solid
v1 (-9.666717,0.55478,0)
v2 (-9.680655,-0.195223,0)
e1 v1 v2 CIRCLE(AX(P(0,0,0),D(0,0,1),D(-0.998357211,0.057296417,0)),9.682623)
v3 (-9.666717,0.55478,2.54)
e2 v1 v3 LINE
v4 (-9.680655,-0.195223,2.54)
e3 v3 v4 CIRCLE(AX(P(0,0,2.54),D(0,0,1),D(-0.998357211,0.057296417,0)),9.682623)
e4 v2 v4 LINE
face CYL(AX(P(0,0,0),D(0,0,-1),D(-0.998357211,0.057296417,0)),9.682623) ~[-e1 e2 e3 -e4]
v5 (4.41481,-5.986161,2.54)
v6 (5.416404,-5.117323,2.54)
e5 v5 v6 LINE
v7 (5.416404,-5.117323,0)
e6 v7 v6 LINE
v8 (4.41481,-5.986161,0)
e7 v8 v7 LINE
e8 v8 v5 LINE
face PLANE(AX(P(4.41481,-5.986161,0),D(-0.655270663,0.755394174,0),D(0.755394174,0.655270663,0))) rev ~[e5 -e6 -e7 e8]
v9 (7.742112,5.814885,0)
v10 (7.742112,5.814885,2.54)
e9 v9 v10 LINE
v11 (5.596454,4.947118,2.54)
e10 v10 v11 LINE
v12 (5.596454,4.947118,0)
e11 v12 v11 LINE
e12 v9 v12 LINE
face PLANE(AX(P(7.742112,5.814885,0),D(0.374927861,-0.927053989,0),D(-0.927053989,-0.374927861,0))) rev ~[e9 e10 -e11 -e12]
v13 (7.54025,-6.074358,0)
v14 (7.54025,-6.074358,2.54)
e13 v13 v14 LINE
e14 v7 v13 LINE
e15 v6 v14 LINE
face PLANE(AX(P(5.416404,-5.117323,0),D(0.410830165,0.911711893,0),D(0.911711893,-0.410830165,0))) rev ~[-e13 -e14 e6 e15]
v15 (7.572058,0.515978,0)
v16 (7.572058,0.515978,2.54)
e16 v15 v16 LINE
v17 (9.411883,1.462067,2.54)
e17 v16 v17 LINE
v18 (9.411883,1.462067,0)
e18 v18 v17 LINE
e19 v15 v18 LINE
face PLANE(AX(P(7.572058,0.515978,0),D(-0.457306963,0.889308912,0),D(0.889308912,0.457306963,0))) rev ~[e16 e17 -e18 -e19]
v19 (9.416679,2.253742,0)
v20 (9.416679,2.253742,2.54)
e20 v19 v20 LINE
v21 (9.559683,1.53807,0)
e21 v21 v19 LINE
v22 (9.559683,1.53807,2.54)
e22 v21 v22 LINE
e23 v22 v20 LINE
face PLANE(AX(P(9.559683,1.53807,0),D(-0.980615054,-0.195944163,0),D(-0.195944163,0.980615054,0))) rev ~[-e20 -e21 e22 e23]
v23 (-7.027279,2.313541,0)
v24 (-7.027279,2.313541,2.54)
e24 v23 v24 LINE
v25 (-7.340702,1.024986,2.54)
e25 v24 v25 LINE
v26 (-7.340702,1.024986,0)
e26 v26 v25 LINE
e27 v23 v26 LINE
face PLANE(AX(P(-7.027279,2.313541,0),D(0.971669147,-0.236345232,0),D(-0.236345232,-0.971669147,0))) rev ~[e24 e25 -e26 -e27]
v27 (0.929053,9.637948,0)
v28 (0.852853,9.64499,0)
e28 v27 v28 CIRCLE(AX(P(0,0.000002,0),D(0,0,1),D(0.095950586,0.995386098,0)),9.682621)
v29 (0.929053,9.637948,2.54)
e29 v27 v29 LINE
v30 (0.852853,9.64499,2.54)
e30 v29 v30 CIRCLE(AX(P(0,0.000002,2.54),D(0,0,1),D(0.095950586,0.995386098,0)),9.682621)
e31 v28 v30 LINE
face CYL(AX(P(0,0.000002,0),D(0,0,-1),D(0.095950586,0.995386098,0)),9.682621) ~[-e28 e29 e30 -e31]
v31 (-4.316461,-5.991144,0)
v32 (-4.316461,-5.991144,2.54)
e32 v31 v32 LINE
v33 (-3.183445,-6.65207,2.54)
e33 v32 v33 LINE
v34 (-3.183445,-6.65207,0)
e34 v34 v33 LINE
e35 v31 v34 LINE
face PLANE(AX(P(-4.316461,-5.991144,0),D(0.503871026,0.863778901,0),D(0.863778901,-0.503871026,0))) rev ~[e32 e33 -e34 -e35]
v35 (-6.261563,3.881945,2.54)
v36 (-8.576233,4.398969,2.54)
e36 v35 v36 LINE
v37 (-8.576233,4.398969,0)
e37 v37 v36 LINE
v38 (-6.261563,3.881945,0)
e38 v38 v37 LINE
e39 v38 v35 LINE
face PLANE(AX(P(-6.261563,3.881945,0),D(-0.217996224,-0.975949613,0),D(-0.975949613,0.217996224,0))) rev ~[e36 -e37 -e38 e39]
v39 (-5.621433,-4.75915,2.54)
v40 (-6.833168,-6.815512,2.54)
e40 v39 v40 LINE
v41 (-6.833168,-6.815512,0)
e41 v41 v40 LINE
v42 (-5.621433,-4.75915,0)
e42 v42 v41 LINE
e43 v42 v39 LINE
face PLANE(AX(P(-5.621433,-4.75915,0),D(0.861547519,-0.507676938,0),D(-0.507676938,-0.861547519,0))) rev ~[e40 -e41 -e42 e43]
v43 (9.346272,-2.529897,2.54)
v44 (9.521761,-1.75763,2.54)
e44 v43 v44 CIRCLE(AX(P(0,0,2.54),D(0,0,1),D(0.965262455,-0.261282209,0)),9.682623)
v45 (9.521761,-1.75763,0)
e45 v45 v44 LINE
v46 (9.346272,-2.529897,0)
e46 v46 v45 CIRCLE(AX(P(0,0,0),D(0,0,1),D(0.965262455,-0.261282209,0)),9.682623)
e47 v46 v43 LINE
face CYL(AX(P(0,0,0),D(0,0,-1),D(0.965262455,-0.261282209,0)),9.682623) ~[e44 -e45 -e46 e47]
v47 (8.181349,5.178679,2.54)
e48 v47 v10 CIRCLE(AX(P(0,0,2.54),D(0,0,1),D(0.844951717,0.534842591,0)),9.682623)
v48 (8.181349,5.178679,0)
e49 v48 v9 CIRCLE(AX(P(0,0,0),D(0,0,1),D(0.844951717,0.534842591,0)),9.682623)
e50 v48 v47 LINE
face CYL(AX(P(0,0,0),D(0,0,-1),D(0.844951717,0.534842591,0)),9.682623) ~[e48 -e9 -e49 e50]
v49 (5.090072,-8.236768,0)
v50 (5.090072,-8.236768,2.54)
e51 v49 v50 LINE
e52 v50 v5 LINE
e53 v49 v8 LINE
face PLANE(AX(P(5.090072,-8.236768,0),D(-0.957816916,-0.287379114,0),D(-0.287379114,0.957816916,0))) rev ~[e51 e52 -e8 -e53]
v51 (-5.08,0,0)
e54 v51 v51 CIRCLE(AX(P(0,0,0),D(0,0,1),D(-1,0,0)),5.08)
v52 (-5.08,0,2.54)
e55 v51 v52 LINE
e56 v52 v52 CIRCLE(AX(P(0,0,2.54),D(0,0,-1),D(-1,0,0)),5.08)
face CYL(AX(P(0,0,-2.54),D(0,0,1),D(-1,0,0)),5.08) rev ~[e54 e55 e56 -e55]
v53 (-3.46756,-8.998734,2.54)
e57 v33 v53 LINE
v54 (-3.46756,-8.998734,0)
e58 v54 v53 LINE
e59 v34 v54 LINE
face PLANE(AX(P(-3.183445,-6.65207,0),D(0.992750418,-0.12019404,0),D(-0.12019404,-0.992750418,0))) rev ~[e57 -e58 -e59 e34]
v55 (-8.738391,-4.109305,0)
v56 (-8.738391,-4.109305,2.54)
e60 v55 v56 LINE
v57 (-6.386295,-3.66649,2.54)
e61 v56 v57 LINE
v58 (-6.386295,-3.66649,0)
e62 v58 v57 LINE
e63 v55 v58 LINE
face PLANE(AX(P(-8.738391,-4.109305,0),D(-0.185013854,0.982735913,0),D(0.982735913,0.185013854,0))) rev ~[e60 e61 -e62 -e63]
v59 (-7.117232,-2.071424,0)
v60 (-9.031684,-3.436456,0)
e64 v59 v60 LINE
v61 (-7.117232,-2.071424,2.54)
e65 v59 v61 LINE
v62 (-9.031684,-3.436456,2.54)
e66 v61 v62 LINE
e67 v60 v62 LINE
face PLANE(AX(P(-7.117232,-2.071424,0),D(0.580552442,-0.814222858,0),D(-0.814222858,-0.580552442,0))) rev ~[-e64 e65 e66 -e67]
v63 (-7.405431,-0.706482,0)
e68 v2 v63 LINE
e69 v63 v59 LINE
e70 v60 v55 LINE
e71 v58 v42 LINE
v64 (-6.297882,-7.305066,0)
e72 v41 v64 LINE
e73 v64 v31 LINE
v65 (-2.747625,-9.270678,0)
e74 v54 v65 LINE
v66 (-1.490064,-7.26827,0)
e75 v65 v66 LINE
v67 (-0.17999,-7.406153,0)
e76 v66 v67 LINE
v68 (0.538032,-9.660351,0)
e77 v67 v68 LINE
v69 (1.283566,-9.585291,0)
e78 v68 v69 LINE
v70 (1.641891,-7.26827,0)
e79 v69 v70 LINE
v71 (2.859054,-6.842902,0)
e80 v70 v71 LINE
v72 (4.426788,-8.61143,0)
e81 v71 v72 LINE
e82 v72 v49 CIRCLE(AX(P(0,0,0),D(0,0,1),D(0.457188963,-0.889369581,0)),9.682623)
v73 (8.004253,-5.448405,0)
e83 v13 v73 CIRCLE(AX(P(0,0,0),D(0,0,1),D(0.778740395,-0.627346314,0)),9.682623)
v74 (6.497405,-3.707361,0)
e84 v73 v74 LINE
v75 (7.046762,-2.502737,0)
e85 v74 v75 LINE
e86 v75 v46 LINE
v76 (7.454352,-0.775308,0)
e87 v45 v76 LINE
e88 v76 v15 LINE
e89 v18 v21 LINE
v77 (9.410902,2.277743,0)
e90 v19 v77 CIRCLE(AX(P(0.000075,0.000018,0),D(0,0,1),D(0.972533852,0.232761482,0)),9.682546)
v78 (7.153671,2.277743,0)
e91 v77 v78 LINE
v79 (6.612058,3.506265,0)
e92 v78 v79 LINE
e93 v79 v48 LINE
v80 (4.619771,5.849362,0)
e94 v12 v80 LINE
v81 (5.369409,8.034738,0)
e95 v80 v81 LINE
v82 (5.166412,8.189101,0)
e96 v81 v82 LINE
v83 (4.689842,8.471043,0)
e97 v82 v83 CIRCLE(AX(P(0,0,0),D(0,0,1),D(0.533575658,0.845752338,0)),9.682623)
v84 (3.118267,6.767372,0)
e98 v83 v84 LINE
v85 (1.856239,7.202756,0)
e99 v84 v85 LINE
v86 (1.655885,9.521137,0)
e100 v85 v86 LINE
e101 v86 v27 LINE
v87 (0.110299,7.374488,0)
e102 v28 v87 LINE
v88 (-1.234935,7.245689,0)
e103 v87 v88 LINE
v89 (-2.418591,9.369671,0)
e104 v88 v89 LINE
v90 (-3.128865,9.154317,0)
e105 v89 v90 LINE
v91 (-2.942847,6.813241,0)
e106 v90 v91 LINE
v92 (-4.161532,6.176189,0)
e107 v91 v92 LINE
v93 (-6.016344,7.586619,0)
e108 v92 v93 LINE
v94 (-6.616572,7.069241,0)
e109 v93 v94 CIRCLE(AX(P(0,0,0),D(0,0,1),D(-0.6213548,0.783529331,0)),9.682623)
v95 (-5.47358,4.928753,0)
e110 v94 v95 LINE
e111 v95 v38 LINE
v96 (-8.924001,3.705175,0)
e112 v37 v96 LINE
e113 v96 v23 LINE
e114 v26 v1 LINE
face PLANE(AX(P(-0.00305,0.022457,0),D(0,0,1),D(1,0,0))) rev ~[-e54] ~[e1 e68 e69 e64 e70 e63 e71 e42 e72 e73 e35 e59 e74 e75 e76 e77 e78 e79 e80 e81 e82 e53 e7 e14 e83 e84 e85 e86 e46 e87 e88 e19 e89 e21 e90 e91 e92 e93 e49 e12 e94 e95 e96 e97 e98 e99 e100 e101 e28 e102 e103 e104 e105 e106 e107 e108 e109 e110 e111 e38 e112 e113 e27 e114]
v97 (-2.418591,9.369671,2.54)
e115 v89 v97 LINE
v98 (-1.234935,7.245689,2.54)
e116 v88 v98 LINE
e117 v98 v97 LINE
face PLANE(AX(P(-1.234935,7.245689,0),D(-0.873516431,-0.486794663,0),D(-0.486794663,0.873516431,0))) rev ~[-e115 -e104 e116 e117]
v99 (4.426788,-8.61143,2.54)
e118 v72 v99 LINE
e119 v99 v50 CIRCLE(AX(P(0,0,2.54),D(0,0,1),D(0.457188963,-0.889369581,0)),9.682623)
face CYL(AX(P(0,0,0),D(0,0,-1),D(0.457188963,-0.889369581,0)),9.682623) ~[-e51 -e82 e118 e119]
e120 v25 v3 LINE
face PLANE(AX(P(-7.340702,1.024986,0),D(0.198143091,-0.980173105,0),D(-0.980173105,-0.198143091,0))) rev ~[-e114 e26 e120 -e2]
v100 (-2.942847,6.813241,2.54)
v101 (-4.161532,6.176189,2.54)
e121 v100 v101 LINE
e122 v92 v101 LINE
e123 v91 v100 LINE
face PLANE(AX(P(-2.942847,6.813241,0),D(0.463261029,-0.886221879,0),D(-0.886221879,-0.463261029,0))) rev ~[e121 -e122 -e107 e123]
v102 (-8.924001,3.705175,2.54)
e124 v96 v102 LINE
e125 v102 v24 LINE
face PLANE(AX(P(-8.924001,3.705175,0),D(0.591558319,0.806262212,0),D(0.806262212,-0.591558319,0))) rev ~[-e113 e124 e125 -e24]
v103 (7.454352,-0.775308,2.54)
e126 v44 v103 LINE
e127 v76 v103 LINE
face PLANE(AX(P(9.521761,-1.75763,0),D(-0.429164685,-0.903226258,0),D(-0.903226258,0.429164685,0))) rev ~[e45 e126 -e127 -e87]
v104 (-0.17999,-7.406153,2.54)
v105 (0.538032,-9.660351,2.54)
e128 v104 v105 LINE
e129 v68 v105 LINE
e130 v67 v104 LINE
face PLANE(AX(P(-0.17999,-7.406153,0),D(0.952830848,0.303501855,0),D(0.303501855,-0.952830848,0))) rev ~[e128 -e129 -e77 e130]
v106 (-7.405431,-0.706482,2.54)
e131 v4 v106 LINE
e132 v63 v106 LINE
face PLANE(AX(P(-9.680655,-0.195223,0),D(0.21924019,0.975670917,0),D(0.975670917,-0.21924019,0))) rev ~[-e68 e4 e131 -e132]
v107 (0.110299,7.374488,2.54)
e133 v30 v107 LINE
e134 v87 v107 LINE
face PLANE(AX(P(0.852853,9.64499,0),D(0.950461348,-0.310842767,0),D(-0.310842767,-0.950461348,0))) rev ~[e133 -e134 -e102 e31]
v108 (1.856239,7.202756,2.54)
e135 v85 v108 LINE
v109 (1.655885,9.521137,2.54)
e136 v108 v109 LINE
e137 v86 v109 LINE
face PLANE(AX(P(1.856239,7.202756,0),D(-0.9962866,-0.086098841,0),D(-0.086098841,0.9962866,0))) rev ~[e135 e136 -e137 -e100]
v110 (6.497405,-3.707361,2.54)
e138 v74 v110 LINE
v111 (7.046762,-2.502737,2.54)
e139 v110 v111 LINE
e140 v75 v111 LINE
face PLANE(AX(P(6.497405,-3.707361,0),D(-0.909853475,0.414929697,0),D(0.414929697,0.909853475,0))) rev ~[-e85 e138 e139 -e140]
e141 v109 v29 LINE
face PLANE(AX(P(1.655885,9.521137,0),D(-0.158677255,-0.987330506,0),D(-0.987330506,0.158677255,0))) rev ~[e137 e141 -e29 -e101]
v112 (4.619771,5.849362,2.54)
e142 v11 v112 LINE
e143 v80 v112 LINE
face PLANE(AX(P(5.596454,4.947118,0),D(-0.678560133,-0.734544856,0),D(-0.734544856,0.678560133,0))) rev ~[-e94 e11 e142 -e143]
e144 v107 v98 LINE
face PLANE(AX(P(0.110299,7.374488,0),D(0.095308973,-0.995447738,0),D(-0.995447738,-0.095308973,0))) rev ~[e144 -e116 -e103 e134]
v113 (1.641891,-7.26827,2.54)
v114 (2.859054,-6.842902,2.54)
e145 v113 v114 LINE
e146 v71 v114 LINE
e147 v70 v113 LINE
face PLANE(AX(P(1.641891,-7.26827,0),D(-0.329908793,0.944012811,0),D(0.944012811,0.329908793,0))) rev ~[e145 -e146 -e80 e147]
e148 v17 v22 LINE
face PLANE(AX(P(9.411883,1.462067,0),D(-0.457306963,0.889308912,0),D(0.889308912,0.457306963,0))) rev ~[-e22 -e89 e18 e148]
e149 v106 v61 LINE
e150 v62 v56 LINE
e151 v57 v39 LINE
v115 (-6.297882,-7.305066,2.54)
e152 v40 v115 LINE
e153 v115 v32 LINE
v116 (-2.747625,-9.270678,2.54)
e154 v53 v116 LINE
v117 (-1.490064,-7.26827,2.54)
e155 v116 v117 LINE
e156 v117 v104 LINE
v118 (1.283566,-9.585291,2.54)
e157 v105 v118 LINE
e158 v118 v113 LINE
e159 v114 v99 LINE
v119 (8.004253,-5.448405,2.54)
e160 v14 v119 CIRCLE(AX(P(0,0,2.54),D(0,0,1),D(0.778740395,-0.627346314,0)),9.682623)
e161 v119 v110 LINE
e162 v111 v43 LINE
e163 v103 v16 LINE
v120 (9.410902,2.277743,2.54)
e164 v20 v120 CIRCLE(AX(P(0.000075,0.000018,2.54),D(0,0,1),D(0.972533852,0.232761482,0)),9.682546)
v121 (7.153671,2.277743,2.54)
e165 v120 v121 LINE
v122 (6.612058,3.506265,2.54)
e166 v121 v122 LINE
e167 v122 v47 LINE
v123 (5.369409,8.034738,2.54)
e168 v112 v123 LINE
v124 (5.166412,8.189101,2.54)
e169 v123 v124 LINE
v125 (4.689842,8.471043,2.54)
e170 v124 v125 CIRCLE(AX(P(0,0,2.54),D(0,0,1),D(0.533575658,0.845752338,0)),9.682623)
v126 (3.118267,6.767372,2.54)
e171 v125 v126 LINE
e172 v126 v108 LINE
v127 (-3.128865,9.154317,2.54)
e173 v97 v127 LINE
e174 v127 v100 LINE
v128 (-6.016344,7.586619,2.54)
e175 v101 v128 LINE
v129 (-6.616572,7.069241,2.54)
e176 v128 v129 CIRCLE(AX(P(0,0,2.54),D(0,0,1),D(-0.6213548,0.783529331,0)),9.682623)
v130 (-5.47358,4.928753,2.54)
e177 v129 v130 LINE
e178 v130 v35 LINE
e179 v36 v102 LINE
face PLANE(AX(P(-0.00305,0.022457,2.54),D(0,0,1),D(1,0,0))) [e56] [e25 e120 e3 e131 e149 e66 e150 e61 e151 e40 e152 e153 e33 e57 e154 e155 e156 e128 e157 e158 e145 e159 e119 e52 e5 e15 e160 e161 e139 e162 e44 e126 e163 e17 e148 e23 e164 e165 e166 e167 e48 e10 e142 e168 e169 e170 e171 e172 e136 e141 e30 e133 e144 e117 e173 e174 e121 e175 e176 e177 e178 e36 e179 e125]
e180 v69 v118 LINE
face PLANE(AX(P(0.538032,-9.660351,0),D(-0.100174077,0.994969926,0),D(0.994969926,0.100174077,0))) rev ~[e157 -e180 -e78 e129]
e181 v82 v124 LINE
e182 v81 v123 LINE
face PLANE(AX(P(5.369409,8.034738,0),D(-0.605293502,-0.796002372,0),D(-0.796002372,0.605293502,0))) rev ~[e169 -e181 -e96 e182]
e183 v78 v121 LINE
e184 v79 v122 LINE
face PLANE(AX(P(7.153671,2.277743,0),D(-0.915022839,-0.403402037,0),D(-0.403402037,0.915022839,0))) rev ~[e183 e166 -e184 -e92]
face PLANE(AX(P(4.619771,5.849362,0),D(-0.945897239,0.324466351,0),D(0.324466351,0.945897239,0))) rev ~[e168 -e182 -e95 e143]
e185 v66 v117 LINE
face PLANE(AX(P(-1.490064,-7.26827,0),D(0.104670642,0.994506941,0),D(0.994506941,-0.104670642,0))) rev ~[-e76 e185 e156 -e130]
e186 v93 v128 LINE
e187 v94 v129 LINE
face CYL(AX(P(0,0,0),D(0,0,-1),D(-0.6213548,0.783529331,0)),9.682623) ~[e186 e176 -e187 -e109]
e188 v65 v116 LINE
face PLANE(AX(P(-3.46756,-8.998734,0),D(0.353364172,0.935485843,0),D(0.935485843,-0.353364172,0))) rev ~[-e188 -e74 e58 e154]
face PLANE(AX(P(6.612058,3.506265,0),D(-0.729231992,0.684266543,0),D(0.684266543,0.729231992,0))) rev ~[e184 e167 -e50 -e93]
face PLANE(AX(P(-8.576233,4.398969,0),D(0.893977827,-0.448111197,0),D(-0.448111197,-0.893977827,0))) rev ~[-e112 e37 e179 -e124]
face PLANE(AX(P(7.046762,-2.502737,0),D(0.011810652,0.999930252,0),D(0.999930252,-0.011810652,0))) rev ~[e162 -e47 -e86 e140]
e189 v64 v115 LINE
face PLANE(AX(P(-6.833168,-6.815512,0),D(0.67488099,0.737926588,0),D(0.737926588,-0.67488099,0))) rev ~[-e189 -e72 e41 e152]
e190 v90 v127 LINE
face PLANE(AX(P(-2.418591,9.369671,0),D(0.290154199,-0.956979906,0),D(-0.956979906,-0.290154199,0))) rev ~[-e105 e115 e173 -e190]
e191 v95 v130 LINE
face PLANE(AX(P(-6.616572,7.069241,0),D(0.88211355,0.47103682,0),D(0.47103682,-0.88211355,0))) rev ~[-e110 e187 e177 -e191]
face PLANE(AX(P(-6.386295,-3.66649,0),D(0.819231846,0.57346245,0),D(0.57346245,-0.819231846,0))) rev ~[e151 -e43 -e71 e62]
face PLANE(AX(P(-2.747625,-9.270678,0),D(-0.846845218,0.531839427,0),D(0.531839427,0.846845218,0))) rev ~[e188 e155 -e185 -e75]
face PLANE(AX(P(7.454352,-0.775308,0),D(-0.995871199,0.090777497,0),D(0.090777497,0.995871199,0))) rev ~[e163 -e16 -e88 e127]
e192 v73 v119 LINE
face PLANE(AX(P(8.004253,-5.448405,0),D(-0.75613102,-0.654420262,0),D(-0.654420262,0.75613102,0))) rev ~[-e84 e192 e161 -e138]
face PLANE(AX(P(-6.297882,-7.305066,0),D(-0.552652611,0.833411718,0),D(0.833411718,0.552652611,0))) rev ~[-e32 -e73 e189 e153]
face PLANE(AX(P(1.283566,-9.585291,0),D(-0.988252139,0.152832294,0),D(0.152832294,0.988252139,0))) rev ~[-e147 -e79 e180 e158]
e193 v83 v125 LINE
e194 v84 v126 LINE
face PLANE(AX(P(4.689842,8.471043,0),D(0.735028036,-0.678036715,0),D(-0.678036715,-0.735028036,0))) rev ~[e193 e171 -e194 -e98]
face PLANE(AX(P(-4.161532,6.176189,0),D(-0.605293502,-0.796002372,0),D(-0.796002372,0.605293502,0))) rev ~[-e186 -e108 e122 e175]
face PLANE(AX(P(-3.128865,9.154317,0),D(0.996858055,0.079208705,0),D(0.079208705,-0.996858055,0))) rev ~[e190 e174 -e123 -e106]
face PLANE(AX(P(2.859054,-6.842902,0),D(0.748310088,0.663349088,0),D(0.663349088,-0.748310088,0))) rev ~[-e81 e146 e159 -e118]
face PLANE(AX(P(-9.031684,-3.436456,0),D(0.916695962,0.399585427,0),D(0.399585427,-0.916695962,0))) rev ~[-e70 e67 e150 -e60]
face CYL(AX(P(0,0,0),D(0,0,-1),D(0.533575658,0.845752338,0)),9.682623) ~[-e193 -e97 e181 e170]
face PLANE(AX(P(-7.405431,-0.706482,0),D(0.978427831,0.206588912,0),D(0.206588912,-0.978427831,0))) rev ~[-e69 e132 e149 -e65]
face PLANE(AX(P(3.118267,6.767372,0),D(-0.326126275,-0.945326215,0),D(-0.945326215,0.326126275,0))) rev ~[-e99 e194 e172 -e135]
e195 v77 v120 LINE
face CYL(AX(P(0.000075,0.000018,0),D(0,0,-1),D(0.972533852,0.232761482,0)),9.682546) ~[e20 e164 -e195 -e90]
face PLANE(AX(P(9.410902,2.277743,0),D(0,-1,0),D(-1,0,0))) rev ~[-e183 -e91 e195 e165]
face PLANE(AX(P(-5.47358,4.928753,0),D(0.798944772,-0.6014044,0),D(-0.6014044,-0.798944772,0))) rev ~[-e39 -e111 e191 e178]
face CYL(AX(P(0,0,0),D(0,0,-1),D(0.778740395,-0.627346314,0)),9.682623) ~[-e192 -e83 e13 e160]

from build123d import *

# Parameters (mm, degrees)
F1_DEPTH = 2.54
F4_D     = 10.16
F4_DEPTH = 2.54
F4_TIP   = 3.0523719447


with BuildPart() as f1:
    # F0 (on Top) → F1 (new body)
    with BuildSketch(Plane.XY):
        with BuildLine():
            Line((-6.8331683087, -6.8155120711), (-6.2978819926, -7.3050655915))
            Line((-6.2978819926, -7.3050655915), (-4.316461231, -5.9911443529))
            Line((-4.316461231, -5.9911443529), (-3.1834454186, -6.6520702435))
            Line((-3.1834454186, -6.6520702435), (-3.4675601543, -8.9987342074))
            Line((-3.4675601543, -8.9987342074), (-2.7476248397, -9.2706777631))
            Line((-2.7476248397, -9.2706777631), (-1.4900637669, -7.2682696548))
            Line((-1.4900637669, -7.2682696548), (-0.1799902587, -7.4061532934))
            Line((-0.1799902587, -7.4061532934), (0.53803154, -9.6603514426))
            Line((0.53803154, -9.6603514426), (1.2835661727, -9.5852906378))
            Line((1.2835661727, -9.5852906378), (1.6418913593, -7.2682696548))
            Line((1.6418913593, -7.2682696548), (2.8590536505, -6.8429019717))
            Line((2.8590536505, -6.8429019717), (4.4267883674, -8.6114303767))
            ThreePointArc((4.4267883674, -8.6114303767), (4.7621164114, -8.430624868), (5.0900724152, -8.2367682491))
            Line((5.0900724152, -8.2367682491), (4.414810271, -5.9861610474))
            Line((4.414810271, -5.9861610474), (5.416404056, -5.1173232333))
            Line((5.416404056, -5.1173232333), (7.5402496681, -6.0743578528))
            ThreePointArc((7.5402496681, -6.0743578528), (7.7785505678, -5.7660505935), (8.0042534911, -5.4484047603))
            Line((8.0042534911, -5.4484047603), (6.4974054455, -3.7073606396))
            Line((6.4974054455, -3.7073606396), (7.0467623816, -2.5027365269))
            Line((7.0467623816, -2.5027365269), (9.3462724586, -2.5298971346))
            ThreePointArc((9.3462724586, -2.5298971346), (9.4419154496, -2.145558441), (9.5217606328, -1.757629891))
            Line((9.5217606328, -1.757629891), (7.4543519629, -0.7753081489))
            Line((7.4543519629, -0.7753081489), (7.5720577138, 0.515978468))
            Line((7.5720577138, 0.515978468), (9.4118826679, 1.4620667743))
            Line((9.4118826679, 1.4620667743), (9.5596825543, 1.5380695179))
            Line((9.5596825543, 1.5380695179), (9.416678635, 2.2537417481))
            ThreePointArc((9.416678635, 2.2537417481), (9.4137978769, 2.2657444506), (9.4109018198, 2.2777434708))
            Line((9.4109018198, 2.2777434708), (7.1536707948, 2.2777434708))
            Line((7.1536707948, 2.2777434708), (6.6120580312, 3.506264905))
            Line((6.6120580312, 3.506264905), (8.1813489345, 5.1786791747))
            ThreePointArc((8.1813489345, 5.1786791747), (7.9680827327, 5.5011676894), (7.7421121151, 5.8148850701))
            Line((7.7421121151, 5.8148850701), (5.5964540897, 4.9471179465))
            Line((5.5964540897, 4.9471179465), (4.619770739, 5.8493615309))
            Line((4.619770739, 5.8493615309), (5.3694094978, 8.0347383187))
            Line((5.3694094978, 8.0347383187), (5.1664119437, 8.1891010502))
            ThreePointArc((5.1664119437, 8.1891010502), (4.9301428504, 8.3334794568), (4.6898420519, 8.4710430237))
            Line((4.6898420519, 8.4710430237), (3.1182668573, 6.7673715214))
            Line((3.1182668573, 6.7673715214), (1.8562393493, 7.2027559673))
            Line((1.8562393493, 7.2027559673), (1.6558854627, 9.5211366727))
            Line((1.6558854627, 9.5211366727), (0.9290533371, 9.6379483438))
            ThreePointArc((0.9290533371, 9.6379483438), (0.8909600606, 9.641544407), (0.8528528712, 9.6449899099))
            Line((0.8528528712, 9.6449899099), (0.1102985869, 7.3744878367))
            Line((0.1102985869, 7.3744878367), (-1.2349347684, 7.2456887003))
            Line((-1.2349347684, 7.2456887003), (-2.4185909857, 9.3696708082))
            Line((-2.4185909857, 9.3696708082), (-3.128865287, 9.1543172047))
            Line((-3.128865287, 9.1543172047), (-2.9428471919, 6.8132407112))
            Line((-2.9428471919, 6.8132407112), (-4.1615320816, 6.1761889411))
            Line((-4.1615320816, 6.1761889411), (-6.016344287, 7.5866191285))
            ThreePointArc((-6.016344287, 7.5866191285), (-6.321753073, 7.3340729793), (-6.6165717429, 7.0692408894))
            Line((-6.6165717429, 7.0692408894), (-5.4735798935, 4.9287530222))
            Line((-5.4735798935, 4.9287530222), (-6.2615627322, 3.8819453014))
            Line((-6.2615627322, 3.8819453014), (-8.5762331436, 4.3989693402))
            Line((-8.5762331436, 4.3989693402), (-8.9240014984, 3.7051745846))
            Line((-8.9240014984, 3.7051745846), (-7.0272791194, 2.3135405903))
            Line((-7.0272791194, 2.3135405903), (-7.3407024127, 1.0249859563))
            Line((-7.3407024127, 1.0249859563), (-9.6667165043, 0.5547796031))
            ThreePointArc((-9.6667165043, 0.5547796031), (-9.6809513806, 0.1799131703), (-9.6806547422, -0.1952233199))
            Line((-9.6806547422, -0.1952233199), (-7.4054314828, -0.7064821591))
            Line((-7.4054314828, -0.7064821591), (-7.1172324763, -2.0714243811))
            Line((-7.1172324763, -2.0714243811), (-9.0316843933, -3.4364557412))
            Line((-9.0316843933, -3.4364557412), (-8.7383911794, -4.1093048652))
            Line((-8.7383911794, -4.1093048652), (-6.3862953563, -3.6664897539))
            Line((-6.3862953563, -3.6664897539), (-5.6214329554, -4.7591500254))
            Line((-5.6214329554, -4.7591500254), (-6.8331683087, -6.8155120711))
        make_face()
    extrude(amount=F1_DEPTH)


with BuildPart() as f1_1:
    # F3: moved
    add(f1.part)

    # F4
    with Locations(Plane(origin=(0, 0, 0), x_dir=(1, 0, 0), z_dir=(0, 0, -1))):
        with Locations((0, 0)):
            Hole(F4_D / 2, depth=F4_DEPTH)
            with Locations((0, 0, -(F4_DEPTH + F4_TIP / 2))):  # 118° drill point
                Cone(0, F4_D / 2, F4_TIP, mode=Mode.SUBTRACT)


solid = f1_1.part
